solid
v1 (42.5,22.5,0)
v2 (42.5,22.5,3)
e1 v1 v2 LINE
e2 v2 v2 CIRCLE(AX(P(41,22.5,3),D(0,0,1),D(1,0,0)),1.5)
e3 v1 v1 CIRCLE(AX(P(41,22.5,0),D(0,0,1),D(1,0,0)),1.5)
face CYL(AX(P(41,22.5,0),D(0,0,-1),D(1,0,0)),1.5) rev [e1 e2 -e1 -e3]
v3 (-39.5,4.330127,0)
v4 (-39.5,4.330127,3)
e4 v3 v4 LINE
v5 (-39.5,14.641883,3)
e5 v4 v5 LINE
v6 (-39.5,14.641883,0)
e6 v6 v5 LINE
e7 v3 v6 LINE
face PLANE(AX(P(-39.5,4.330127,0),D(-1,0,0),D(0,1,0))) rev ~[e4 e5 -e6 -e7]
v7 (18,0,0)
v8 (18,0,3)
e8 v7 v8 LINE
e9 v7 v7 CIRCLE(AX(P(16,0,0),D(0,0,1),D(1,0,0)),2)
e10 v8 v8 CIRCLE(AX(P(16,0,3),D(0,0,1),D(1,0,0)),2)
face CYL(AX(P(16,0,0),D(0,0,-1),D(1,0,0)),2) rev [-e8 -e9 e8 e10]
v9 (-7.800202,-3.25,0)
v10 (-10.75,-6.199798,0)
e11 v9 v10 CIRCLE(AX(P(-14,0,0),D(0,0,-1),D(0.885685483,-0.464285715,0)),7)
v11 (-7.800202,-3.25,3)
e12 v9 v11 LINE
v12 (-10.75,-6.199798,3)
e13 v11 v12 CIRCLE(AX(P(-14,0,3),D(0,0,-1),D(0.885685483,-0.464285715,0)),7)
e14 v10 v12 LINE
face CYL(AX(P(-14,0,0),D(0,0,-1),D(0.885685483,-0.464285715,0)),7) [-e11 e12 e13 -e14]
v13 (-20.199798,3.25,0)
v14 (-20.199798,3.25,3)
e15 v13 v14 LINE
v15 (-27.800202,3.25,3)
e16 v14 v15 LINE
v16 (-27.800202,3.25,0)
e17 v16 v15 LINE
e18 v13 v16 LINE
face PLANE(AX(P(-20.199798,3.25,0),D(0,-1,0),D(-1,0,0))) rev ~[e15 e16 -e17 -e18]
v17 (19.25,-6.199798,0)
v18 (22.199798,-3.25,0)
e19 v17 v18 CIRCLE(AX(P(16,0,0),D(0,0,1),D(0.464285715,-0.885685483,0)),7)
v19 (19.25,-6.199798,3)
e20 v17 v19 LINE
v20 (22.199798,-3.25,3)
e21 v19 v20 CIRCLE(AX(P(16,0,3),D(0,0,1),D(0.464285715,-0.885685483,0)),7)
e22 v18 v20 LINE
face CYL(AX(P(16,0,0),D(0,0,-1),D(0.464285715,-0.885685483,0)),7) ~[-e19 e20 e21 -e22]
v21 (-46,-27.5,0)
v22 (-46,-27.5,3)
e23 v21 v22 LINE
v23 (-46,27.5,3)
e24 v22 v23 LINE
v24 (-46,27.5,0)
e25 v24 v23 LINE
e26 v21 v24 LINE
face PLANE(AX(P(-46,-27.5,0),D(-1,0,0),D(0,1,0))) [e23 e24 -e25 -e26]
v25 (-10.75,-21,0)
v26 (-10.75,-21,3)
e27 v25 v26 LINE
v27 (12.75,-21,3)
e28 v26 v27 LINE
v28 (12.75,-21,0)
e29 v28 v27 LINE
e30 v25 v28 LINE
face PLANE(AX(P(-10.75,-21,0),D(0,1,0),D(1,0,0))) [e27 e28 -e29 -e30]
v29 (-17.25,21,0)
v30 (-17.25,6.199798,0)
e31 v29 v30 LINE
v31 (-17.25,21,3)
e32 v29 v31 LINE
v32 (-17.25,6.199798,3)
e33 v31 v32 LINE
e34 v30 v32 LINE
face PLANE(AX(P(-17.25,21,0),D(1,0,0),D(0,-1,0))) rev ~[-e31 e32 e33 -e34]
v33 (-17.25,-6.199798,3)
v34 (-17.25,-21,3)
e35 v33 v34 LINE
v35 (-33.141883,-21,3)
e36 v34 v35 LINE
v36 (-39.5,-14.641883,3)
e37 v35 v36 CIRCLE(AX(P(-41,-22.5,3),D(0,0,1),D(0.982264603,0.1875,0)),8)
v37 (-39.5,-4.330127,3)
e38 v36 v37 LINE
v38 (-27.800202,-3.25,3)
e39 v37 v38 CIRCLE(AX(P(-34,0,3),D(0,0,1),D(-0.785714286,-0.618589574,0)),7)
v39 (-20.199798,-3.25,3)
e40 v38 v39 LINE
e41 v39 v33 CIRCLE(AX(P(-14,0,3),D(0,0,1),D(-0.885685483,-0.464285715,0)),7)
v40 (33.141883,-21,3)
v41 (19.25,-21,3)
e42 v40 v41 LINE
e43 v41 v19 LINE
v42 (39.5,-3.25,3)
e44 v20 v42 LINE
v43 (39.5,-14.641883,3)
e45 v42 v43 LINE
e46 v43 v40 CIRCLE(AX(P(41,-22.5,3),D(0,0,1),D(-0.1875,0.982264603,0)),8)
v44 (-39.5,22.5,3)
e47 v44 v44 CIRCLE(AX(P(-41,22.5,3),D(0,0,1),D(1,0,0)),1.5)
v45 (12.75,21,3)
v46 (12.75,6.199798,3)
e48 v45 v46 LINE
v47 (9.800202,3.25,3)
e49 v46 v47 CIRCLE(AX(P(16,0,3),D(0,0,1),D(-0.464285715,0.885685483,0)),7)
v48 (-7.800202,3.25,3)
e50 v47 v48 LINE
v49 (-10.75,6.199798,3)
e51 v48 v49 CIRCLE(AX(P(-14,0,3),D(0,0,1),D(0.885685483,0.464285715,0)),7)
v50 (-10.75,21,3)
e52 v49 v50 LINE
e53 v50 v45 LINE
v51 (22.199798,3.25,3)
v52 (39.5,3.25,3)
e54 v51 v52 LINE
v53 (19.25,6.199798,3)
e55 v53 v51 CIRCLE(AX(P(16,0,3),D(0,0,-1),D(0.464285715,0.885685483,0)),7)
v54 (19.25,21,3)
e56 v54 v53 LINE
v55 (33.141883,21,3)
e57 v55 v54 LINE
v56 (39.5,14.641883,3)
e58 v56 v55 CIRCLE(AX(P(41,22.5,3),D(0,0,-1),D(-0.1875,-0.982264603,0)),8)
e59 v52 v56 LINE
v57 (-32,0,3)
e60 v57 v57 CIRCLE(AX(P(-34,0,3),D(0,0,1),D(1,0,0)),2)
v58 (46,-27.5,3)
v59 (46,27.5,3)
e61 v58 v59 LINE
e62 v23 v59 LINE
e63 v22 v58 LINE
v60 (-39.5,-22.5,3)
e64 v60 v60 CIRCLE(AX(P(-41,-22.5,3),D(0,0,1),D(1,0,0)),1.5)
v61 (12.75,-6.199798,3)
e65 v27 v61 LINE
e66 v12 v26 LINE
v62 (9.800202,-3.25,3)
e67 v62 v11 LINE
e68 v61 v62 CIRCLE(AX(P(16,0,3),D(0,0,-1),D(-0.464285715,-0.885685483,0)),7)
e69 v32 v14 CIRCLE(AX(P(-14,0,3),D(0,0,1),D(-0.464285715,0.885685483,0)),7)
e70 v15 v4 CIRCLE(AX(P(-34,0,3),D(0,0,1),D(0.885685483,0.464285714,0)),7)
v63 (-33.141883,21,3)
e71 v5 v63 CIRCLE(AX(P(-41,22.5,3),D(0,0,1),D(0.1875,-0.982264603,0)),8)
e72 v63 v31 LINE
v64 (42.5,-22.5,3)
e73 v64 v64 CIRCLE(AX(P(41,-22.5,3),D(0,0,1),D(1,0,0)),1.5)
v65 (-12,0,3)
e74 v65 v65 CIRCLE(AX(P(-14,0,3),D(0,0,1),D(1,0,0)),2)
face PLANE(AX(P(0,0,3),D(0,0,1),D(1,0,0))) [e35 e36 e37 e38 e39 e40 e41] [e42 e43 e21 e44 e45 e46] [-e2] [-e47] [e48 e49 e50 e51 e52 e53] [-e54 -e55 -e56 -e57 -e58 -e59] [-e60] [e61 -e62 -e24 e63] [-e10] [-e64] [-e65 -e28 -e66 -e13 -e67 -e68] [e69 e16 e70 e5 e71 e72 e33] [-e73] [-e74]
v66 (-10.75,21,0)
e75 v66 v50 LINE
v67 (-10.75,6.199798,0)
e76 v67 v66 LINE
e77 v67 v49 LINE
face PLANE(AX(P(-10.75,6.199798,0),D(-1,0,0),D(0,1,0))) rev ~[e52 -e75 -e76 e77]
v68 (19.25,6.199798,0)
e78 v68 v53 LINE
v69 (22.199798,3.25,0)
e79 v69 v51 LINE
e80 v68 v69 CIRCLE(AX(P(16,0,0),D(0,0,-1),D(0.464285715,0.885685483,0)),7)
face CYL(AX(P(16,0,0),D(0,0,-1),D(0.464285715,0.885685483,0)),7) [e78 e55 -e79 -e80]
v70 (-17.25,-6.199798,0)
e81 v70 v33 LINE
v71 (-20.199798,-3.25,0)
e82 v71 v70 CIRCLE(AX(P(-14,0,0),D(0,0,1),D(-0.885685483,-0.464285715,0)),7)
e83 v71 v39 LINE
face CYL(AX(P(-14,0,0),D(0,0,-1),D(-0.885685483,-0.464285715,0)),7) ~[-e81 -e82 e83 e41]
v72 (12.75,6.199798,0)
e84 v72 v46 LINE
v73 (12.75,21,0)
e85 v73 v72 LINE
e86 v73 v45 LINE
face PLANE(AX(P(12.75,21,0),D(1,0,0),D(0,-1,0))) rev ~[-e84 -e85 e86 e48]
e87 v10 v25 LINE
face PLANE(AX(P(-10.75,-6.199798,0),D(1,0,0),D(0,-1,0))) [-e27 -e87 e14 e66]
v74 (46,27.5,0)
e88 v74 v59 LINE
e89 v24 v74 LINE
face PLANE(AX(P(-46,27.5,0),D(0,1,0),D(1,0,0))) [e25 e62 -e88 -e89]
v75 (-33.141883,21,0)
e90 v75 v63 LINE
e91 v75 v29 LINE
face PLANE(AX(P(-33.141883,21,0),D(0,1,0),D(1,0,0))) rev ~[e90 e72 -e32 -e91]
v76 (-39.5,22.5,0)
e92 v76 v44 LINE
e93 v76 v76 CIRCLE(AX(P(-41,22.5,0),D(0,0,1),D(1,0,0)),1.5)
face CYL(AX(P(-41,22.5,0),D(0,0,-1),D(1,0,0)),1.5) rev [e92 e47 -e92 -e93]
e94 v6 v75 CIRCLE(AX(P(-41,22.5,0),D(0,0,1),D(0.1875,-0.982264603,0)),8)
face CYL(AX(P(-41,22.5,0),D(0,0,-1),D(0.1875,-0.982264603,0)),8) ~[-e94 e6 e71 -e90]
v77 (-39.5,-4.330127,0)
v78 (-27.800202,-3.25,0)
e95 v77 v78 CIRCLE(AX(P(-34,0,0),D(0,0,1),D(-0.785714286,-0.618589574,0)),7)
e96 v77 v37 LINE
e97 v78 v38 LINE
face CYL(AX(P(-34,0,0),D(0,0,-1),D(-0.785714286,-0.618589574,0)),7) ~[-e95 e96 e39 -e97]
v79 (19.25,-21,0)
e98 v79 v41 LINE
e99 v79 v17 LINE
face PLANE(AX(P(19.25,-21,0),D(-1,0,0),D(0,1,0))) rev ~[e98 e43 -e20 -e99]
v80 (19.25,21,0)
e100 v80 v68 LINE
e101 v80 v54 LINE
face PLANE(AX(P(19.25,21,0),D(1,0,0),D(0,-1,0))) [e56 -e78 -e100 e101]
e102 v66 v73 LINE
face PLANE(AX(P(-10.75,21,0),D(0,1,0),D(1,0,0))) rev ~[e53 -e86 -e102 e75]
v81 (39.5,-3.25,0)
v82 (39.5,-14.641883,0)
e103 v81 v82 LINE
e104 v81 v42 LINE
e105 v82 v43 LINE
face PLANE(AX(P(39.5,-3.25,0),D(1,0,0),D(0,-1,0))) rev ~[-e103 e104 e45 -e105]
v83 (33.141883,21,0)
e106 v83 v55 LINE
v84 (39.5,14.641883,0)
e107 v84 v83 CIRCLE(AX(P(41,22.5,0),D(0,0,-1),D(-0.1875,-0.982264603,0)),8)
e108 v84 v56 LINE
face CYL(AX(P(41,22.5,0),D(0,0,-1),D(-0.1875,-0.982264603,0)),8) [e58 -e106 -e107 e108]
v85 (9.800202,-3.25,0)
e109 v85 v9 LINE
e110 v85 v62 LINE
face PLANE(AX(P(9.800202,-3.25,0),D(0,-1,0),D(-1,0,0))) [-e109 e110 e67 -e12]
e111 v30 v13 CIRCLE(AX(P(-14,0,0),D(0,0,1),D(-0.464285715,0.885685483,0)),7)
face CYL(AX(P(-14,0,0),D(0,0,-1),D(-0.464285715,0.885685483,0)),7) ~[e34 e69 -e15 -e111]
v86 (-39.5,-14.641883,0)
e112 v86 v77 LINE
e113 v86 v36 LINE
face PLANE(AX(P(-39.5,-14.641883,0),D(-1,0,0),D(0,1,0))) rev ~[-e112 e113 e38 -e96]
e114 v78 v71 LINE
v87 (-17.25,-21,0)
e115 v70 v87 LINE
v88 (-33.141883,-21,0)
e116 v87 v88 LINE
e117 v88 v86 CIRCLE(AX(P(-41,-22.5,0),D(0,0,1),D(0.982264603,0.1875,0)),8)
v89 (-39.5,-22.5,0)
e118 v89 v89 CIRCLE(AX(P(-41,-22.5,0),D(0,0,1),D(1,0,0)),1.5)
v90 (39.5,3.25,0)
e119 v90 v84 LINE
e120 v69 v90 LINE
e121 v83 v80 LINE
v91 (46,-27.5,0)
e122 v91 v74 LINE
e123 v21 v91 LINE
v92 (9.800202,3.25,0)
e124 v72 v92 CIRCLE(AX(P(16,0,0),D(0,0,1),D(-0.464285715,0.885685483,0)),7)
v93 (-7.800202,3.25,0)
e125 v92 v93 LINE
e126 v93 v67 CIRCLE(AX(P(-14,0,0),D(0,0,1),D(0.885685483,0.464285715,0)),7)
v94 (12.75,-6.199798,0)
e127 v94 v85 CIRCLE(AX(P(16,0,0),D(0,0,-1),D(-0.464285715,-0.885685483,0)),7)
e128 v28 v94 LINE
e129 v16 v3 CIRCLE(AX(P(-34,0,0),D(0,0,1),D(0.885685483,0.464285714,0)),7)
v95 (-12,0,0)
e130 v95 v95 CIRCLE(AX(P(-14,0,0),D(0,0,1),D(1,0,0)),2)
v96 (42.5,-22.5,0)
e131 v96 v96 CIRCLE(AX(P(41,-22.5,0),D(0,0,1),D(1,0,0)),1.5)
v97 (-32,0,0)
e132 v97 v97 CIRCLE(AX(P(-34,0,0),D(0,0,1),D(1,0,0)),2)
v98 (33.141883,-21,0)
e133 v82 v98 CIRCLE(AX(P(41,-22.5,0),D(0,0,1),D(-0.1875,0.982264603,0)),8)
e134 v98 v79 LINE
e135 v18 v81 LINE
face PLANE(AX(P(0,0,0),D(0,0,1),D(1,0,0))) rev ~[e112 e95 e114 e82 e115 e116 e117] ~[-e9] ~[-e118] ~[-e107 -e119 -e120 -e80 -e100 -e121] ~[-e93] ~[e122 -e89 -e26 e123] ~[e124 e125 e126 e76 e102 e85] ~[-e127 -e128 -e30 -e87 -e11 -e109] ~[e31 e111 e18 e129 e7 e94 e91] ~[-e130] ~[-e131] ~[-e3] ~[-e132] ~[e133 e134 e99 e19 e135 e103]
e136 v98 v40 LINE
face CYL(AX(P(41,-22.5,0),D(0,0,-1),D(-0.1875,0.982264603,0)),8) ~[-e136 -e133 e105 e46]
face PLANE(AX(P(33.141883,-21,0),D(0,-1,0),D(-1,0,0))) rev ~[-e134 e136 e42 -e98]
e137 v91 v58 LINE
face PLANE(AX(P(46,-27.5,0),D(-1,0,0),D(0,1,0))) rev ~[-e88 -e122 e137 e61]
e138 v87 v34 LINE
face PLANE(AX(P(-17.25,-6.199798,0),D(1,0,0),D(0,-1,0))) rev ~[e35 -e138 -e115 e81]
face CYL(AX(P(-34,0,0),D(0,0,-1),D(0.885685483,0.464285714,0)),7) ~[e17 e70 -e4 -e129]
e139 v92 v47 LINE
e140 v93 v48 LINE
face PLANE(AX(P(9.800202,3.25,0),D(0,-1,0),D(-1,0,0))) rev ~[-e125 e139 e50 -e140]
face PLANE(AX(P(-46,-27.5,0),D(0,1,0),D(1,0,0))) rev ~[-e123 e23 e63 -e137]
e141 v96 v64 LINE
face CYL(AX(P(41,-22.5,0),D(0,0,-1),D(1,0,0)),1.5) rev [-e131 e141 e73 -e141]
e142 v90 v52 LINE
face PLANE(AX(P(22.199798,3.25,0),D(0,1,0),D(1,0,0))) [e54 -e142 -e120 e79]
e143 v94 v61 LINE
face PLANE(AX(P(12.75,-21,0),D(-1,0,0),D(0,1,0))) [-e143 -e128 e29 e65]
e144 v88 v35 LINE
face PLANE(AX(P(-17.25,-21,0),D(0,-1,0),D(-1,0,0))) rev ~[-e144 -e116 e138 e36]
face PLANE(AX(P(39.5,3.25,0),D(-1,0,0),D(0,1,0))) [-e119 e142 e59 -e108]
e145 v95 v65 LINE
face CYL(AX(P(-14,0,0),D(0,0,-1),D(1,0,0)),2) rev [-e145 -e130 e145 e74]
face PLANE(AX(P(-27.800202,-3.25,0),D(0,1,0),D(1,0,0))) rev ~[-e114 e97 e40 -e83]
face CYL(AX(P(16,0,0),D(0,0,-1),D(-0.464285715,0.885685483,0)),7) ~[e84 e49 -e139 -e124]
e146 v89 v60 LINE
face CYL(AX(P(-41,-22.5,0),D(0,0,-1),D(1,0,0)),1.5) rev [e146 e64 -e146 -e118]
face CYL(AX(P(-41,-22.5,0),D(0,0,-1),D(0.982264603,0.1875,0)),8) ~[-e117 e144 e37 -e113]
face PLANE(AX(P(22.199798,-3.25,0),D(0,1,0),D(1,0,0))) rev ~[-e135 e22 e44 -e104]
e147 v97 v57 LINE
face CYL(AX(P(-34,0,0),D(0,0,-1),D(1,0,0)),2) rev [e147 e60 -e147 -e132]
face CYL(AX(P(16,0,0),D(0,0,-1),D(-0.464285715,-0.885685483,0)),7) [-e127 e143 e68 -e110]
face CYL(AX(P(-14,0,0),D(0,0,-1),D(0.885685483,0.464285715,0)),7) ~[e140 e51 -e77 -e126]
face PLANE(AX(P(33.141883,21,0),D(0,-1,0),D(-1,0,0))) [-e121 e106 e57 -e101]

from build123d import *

# Parameters (mm, degrees)
SKETCH1_W           = 92
SKETCH1_H           = 55
SKETCH1_R           = 2
SKETCH1_R_2         = 1.5
BOSS_EXTRUDE1_DEPTH = 3


with BuildPart() as part:
    # Sketch1 → Boss-Extrude1 (new body)
    with BuildSketch(Plane.XY):
        Rectangle(SKETCH1_W, SKETCH1_H)
        with Locations((-34, 0)):
            Circle(SKETCH1_R, mode=Mode.SUBTRACT)
        with Locations((-14, 0)):
            Circle(SKETCH1_R, mode=Mode.SUBTRACT)
        with Locations((16, 0)):
            Circle(SKETCH1_R, mode=Mode.SUBTRACT)
        with Locations((-41, 22.5)):
            Circle(SKETCH1_R_2, mode=Mode.SUBTRACT)
        with Locations((41, 22.5)):
            Circle(SKETCH1_R_2, mode=Mode.SUBTRACT)
        with Locations((41, -22.5)):
            Circle(SKETCH1_R_2, mode=Mode.SUBTRACT)
        with Locations((-41, -22.5)):
            Circle(SKETCH1_R_2, mode=Mode.SUBTRACT)
        with BuildLine():
            Line((12.75, -21), (12.75, -6.199798384))
            ThreePointArc((12.75, -6.199798384), (11.050252532, -4.949747468), (9.800201616, -3.25))
            Line((9.800201616, -3.25), (-7.800201616, -3.25))
            ThreePointArc((-7.800201616, -3.25), (-9.050252532, -4.949747468), (-10.75, -6.199798384))
            Line((-10.75, -6.199798384), (-10.75, -21))
            Line((-10.75, -21), (12.75, -21))
        make_face(mode=Mode.SUBTRACT)
        with BuildLine():
            Line((-39.5, 4.330127019), (-39.5, 14.641883177))
            ThreePointArc((-39.5, 14.641883177), (-35.343145751, 16.843145751), (-33.141883177, 21))
            Line((-33.141883177, 21), (-17.25, 21))
            Line((-17.25, 21), (-17.25, 6.199798384))
            ThreePointArc((-17.25, 6.199798384), (-18.949747468, 4.949747468), (-20.199798384, 3.25))
            Line((-20.199798384, 3.25), (-27.800201616, 3.25))
            ThreePointArc((-27.800201616, 3.25), (-33.356495502, 6.970358812), (-39.5, 4.330127019))
        make_face(mode=Mode.SUBTRACT)
        with BuildLine():
            Line((-27.800201616, -3.25), (-20.199798384, -3.25))
            ThreePointArc((-20.199798384, -3.25), (-18.949747468, -4.949747468), (-17.25, -6.199798384))
            Line((-17.25, -6.199798384), (-17.25, -21))
            Line((-17.25, -21), (-33.141883177, -21))
            ThreePointArc((-33.141883177, -21), (-35.343145751, -16.843145751), (-39.5, -14.641883177))
            Line((-39.5, -14.641883177), (-39.5, -4.330127019))
            ThreePointArc((-39.5, -4.330127019), (-33.356495502, -6.970358812), (-27.800201616, -3.25))
        make_face(mode=Mode.SUBTRACT)
        with BuildLine():
            Line((19.25, -21), (19.25, -6.199798384))
            ThreePointArc((19.25, -6.199798384), (20.949747468, -4.949747468), (22.199798384, -3.25))
            Line((22.199798384, -3.25), (39.5, -3.25))
            Line((39.5, -3.25), (39.5, -14.641883177))
            ThreePointArc((39.5, -14.641883177), (35.343145751, -16.843145751), (33.141883177, -21))
            Line((33.141883177, -21), (19.25, -21))
        make_face(mode=Mode.SUBTRACT)
        with BuildLine():
            Line((39.5, 3.25), (39.5, 14.641883177))
            ThreePointArc((39.5, 14.641883177), (35.343145751, 16.843145751), (33.141883177, 21))
            Line((33.141883177, 21), (19.25, 21))
            Line((19.25, 21), (19.25, 6.199798384))
            ThreePointArc((19.25, 6.199798384), (20.949747468, 4.949747468), (22.199798384, 3.25))
            Line((22.199798384, 3.25), (39.5, 3.25))
        make_face(mode=Mode.SUBTRACT)
        with BuildLine():
            Line((-10.75, 21), (12.75, 21))
            Line((12.75, 21), (12.75, 6.199798384))
            ThreePointArc((12.75, 6.199798384), (11.050252532, 4.949747468), (9.800201616, 3.25))
            Line((9.800201616, 3.25), (-7.800201616, 3.25))
            ThreePointArc((-7.800201616, 3.25), (-9.050252532, 4.949747468), (-10.75, 6.199798384))
            Line((-10.75, 6.199798384), (-10.75, 21))
        make_face(mode=Mode.SUBTRACT)
    extrude(amount=BOSS_EXTRUDE1_DEPTH)


solid = part.part
